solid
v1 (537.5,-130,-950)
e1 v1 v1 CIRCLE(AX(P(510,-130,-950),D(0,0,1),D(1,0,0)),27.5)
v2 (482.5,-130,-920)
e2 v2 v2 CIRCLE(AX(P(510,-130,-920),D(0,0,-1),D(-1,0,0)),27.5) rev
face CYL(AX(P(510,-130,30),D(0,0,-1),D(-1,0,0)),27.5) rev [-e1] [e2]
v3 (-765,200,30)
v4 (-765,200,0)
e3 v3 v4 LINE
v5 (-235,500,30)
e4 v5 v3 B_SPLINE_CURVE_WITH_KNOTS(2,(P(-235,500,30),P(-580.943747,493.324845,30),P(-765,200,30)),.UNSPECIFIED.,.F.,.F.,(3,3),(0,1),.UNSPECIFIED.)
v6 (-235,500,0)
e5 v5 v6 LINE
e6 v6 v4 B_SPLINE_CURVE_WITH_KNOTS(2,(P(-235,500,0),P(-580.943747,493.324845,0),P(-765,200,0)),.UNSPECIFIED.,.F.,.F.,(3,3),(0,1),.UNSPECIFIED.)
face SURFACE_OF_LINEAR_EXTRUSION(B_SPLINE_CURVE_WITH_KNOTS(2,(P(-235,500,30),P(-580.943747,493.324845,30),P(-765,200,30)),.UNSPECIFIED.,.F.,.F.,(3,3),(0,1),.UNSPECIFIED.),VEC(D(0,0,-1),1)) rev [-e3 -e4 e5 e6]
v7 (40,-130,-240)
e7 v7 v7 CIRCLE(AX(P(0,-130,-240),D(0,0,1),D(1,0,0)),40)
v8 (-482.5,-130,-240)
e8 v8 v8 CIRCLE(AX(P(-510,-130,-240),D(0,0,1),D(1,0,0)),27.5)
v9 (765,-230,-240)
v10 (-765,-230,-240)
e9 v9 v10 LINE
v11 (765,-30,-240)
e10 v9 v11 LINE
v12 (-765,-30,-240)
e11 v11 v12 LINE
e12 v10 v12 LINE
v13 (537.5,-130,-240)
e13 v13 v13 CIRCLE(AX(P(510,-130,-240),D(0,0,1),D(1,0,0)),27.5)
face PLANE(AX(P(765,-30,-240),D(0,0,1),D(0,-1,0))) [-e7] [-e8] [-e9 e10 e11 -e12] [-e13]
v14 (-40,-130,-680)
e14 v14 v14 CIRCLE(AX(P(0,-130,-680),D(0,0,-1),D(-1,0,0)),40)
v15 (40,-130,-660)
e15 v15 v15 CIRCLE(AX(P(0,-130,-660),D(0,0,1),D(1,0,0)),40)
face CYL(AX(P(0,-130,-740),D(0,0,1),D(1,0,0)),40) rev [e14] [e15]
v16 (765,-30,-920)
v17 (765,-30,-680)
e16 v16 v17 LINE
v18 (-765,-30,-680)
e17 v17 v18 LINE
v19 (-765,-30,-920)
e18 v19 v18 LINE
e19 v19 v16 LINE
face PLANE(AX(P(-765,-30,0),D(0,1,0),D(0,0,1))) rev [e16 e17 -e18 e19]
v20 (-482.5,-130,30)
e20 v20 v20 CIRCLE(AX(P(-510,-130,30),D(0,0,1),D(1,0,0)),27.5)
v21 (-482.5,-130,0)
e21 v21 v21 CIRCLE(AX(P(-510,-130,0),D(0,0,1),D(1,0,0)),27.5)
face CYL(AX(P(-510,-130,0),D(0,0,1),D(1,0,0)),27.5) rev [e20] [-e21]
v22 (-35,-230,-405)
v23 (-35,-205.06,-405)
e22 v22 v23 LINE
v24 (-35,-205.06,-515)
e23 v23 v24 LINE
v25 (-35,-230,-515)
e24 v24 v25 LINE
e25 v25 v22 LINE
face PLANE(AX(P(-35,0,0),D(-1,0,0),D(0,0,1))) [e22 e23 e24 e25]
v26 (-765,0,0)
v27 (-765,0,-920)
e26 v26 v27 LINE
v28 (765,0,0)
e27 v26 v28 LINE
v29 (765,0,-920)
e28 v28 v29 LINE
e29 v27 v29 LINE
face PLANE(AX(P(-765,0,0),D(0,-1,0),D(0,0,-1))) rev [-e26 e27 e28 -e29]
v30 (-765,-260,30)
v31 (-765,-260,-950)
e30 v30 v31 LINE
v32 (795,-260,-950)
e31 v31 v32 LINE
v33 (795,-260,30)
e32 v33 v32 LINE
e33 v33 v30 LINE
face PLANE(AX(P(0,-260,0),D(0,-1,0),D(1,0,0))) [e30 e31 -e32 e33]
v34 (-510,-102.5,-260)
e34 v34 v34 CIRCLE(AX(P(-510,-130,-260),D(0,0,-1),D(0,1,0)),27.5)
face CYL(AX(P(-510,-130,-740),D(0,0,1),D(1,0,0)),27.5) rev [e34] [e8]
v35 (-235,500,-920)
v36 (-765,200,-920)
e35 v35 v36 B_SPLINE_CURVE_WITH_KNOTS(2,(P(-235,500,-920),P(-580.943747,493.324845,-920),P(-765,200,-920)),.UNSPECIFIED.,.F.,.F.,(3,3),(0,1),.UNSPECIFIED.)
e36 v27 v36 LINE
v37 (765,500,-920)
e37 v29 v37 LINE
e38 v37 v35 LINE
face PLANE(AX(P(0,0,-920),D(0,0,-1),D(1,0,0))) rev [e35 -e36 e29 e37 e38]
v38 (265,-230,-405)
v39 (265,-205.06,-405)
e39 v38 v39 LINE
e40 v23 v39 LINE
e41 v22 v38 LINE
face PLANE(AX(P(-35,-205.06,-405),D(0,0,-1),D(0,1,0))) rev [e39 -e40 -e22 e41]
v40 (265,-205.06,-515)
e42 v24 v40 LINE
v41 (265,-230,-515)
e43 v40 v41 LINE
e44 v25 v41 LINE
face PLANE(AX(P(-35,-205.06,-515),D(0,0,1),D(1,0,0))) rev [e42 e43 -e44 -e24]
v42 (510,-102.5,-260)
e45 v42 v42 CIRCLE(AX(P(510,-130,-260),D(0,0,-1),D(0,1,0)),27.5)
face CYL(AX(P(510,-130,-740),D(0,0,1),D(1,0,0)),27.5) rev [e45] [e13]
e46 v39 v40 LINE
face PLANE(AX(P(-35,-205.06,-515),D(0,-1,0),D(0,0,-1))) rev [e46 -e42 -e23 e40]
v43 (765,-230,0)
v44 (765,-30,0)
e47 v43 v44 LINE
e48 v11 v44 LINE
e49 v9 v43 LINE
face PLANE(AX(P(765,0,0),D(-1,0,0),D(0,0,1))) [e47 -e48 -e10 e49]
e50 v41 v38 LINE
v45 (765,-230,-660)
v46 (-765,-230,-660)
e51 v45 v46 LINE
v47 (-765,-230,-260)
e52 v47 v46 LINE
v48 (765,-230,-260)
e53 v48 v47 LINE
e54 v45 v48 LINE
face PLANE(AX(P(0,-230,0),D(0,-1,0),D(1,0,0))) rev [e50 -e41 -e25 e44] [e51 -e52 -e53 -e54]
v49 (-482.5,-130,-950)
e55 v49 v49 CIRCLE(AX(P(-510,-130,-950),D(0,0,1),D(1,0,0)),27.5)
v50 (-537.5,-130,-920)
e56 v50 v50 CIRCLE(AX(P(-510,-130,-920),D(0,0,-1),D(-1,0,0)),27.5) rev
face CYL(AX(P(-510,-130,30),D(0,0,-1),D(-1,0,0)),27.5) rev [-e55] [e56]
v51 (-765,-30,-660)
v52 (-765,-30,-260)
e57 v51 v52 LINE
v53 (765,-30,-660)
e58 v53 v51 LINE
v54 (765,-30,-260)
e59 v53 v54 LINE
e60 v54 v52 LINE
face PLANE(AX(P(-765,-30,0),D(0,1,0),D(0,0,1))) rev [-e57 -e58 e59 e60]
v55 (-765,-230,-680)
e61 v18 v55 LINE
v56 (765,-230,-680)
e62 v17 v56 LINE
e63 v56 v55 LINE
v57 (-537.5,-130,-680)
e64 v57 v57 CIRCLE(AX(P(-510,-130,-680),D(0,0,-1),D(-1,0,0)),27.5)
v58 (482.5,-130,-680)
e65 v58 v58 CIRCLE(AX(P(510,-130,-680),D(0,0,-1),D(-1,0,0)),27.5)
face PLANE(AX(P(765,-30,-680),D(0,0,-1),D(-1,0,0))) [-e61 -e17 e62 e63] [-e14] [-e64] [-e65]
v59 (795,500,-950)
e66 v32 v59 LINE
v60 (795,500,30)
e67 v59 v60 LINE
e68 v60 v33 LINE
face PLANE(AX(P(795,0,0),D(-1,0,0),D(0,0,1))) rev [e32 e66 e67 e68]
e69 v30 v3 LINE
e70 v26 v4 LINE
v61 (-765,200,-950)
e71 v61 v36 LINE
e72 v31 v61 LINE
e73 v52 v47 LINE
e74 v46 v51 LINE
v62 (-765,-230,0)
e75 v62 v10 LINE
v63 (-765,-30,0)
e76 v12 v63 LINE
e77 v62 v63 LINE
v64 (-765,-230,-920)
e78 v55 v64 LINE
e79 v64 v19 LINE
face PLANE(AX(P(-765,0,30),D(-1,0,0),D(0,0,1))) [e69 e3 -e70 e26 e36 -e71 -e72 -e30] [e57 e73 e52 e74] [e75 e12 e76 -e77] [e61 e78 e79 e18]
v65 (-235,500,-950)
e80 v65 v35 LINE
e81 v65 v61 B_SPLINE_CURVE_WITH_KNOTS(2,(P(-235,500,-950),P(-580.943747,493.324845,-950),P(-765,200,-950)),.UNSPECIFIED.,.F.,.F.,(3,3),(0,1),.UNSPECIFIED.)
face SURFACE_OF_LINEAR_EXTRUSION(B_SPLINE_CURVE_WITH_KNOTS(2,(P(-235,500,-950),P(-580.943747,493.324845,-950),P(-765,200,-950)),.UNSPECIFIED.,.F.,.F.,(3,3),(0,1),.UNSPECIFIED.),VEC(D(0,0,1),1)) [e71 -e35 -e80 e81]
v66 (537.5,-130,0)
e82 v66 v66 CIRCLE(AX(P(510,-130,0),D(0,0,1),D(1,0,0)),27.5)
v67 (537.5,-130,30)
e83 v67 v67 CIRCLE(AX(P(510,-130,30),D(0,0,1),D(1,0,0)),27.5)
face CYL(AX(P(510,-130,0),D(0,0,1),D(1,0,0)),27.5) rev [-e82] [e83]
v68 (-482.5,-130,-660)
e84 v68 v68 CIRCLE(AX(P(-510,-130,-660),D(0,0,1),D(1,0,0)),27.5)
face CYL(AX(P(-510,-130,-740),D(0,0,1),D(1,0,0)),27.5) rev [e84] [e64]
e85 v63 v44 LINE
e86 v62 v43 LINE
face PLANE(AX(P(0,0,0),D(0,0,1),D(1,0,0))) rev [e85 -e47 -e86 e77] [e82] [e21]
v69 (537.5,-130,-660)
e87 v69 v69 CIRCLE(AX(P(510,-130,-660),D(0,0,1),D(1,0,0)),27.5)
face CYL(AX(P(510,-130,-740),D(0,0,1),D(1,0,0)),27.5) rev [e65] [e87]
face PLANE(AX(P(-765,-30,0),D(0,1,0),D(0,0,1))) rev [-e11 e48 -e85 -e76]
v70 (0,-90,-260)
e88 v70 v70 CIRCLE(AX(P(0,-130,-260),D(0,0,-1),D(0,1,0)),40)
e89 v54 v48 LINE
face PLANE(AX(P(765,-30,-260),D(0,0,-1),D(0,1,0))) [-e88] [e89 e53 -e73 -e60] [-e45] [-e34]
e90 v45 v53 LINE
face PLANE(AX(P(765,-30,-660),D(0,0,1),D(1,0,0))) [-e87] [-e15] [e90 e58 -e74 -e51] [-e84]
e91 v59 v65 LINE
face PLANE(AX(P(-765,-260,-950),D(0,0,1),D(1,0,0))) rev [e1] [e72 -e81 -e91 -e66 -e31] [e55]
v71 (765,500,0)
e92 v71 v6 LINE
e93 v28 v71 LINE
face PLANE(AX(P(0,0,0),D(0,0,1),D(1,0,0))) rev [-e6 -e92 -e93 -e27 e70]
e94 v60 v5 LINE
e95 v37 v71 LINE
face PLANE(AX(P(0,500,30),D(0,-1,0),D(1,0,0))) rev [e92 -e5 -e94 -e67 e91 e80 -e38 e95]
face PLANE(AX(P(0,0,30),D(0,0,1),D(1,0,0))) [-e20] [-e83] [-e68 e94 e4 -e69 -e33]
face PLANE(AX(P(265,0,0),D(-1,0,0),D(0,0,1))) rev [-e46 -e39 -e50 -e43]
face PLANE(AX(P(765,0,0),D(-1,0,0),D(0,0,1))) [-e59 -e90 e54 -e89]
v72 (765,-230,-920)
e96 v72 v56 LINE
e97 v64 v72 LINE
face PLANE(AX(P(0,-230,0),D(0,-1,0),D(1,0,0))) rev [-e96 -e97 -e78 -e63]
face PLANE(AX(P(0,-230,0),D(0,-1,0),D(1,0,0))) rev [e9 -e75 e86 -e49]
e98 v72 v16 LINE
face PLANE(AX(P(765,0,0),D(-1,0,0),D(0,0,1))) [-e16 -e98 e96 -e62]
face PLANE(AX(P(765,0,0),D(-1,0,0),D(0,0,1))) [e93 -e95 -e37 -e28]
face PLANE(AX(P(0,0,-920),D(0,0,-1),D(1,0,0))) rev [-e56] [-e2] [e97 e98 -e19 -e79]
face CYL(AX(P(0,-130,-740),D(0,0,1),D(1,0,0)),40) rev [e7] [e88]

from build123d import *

# Parameters (mm, degrees)
SKETCH1_W           = 1530
SKETCH1_H           = 230
BOSS_EXTRUDE3_DEPTH = 30
SKETCH9_R           = 27.5
CUT_EXTRUDE1_DEPTH  = 31.0000001
SKETCH10_W          = 1530
SKETCH10_H          = 980
BOSS_EXTRUDE4_DEPTH = 30
SKETCH11_W          = 980
SKETCH11_H          = 760
BOSS_EXTRUDE5_DEPTH = 30
SKETCH12_W          = 920
SKETCH12_H          = 30
BOSS_EXTRUDE6_DEPTH = 1530
SKETCH13_W          = 20
SKETCH13_H          = 200
BOSS_EXTRUDE7_DEPTH = 1530
SKETCH14_R          = 27.5
SKETCH14_R_2        = 40
CUT_EXTRUDE3_DEPTH  = 500
BOSS_EXTRUDE8_START = 500
SKETCH17_W          = 110
SKETCH17_H          = 24.94
BOSS_EXTRUDE8_DEPTH = 300


with BuildPart() as part:
    # Sketch1 → Boss-Extrude3 (new body)
    with BuildSketch(Plane.XY):
        with BuildLine():
            Line((765, 500), (-235, 500))
            add(Edge.make_bspline(
                [(-235, 500), (-580.943747407, 493.32484482), (-765, 200)],
                knots=[0, 0, 0, 1, 1, 1], degree=2))
            Line((-765, 200), (-765, 0))
            Line((-765, 0), (765, 0))
            Line((765, 0), (765, 500))
        make_face()
        with Locations((0, -115)):
            Rectangle(SKETCH1_W, SKETCH1_H)
    boss_extrude3 = extrude(amount=BOSS_EXTRUDE3_DEPTH)

    # Sketch9 → Cut-Extrude1 (cut, through all)
    with BuildSketch(Plane.XY.offset(30)):
        with Locations((-510, -130)):
            Circle(SKETCH9_R)
        with Locations((510, -130)):
            Circle(SKETCH9_R)
    cut_extrude1 = extrude(amount=-CUT_EXTRUDE1_DEPTH, mode=Mode.SUBTRACT)

    # Sketch10 → Boss-Extrude4 (add)
    with BuildSketch(Plane.XZ.offset(230)):
        with Locations((0, -460)):
            Rectangle(SKETCH10_W, SKETCH10_H)
    extrude(amount=BOSS_EXTRUDE4_DEPTH)

    # Sketch11 → Boss-Extrude5 (add)
    with BuildSketch(Plane(origin=(765, 0, 0), x_dir=(0, 0, -1), z_dir=(1, 0, 0))):
        with Locations((460, 120)):
            Rectangle(SKETCH11_W, SKETCH11_H)
    boss_extrude5 = extrude(amount=BOSS_EXTRUDE5_DEPTH)

    # Mirror3: Boss-Extrude3, Cut-Extrude1, Boss-Extrude5 across plane
    add(boss_extrude3.mirror(Plane.XY.offset(-460)))
    add(cut_extrude1.mirror(Plane.XY.offset(-460)), mode=Mode.SUBTRACT)
    add(boss_extrude5.mirror(Plane.XY.offset(-460)))

    # Sketch12 → Boss-Extrude6 (add)
    with BuildSketch(Plane.ZY.offset(-765)):
        with Locations((-460, -15)):
            Rectangle(SKETCH12_W, SKETCH12_H)
    extrude(amount=BOSS_EXTRUDE6_DEPTH)

    # Sketch13 → Boss-Extrude7 (add)
    with BuildSketch(Plane.ZY.offset(765)):
        with Locations((-670, -130)):
            Rectangle(SKETCH13_W, SKETCH13_H)
        with Locations((-250, -130)):
            Rectangle(SKETCH13_W, SKETCH13_H)
    extrude(amount=-BOSS_EXTRUDE7_DEPTH)

    # Sketch14 → Cut-Extrude3 (cut)
    with BuildSketch(Plane.XY.offset(-240)):
        with Locations((-510, -130)):
            Circle(SKETCH14_R)
        with Locations((0, -130)):
            Circle(SKETCH14_R_2)
        with Locations((510, -130)):
            Circle(SKETCH14_R)
    extrude(amount=-CUT_EXTRUDE3_DEPTH, mode=Mode.SUBTRACT)

    # Sketch17 → Boss-Extrude8 (add)
    with BuildSketch(Plane.ZY.offset(-765).offset(BOSS_EXTRUDE8_START)):
        with Locations((-460, -217.53)):
            Rectangle(SKETCH17_W, SKETCH17_H)
    extrude(amount=BOSS_EXTRUDE8_DEPTH)


solid = part.part
